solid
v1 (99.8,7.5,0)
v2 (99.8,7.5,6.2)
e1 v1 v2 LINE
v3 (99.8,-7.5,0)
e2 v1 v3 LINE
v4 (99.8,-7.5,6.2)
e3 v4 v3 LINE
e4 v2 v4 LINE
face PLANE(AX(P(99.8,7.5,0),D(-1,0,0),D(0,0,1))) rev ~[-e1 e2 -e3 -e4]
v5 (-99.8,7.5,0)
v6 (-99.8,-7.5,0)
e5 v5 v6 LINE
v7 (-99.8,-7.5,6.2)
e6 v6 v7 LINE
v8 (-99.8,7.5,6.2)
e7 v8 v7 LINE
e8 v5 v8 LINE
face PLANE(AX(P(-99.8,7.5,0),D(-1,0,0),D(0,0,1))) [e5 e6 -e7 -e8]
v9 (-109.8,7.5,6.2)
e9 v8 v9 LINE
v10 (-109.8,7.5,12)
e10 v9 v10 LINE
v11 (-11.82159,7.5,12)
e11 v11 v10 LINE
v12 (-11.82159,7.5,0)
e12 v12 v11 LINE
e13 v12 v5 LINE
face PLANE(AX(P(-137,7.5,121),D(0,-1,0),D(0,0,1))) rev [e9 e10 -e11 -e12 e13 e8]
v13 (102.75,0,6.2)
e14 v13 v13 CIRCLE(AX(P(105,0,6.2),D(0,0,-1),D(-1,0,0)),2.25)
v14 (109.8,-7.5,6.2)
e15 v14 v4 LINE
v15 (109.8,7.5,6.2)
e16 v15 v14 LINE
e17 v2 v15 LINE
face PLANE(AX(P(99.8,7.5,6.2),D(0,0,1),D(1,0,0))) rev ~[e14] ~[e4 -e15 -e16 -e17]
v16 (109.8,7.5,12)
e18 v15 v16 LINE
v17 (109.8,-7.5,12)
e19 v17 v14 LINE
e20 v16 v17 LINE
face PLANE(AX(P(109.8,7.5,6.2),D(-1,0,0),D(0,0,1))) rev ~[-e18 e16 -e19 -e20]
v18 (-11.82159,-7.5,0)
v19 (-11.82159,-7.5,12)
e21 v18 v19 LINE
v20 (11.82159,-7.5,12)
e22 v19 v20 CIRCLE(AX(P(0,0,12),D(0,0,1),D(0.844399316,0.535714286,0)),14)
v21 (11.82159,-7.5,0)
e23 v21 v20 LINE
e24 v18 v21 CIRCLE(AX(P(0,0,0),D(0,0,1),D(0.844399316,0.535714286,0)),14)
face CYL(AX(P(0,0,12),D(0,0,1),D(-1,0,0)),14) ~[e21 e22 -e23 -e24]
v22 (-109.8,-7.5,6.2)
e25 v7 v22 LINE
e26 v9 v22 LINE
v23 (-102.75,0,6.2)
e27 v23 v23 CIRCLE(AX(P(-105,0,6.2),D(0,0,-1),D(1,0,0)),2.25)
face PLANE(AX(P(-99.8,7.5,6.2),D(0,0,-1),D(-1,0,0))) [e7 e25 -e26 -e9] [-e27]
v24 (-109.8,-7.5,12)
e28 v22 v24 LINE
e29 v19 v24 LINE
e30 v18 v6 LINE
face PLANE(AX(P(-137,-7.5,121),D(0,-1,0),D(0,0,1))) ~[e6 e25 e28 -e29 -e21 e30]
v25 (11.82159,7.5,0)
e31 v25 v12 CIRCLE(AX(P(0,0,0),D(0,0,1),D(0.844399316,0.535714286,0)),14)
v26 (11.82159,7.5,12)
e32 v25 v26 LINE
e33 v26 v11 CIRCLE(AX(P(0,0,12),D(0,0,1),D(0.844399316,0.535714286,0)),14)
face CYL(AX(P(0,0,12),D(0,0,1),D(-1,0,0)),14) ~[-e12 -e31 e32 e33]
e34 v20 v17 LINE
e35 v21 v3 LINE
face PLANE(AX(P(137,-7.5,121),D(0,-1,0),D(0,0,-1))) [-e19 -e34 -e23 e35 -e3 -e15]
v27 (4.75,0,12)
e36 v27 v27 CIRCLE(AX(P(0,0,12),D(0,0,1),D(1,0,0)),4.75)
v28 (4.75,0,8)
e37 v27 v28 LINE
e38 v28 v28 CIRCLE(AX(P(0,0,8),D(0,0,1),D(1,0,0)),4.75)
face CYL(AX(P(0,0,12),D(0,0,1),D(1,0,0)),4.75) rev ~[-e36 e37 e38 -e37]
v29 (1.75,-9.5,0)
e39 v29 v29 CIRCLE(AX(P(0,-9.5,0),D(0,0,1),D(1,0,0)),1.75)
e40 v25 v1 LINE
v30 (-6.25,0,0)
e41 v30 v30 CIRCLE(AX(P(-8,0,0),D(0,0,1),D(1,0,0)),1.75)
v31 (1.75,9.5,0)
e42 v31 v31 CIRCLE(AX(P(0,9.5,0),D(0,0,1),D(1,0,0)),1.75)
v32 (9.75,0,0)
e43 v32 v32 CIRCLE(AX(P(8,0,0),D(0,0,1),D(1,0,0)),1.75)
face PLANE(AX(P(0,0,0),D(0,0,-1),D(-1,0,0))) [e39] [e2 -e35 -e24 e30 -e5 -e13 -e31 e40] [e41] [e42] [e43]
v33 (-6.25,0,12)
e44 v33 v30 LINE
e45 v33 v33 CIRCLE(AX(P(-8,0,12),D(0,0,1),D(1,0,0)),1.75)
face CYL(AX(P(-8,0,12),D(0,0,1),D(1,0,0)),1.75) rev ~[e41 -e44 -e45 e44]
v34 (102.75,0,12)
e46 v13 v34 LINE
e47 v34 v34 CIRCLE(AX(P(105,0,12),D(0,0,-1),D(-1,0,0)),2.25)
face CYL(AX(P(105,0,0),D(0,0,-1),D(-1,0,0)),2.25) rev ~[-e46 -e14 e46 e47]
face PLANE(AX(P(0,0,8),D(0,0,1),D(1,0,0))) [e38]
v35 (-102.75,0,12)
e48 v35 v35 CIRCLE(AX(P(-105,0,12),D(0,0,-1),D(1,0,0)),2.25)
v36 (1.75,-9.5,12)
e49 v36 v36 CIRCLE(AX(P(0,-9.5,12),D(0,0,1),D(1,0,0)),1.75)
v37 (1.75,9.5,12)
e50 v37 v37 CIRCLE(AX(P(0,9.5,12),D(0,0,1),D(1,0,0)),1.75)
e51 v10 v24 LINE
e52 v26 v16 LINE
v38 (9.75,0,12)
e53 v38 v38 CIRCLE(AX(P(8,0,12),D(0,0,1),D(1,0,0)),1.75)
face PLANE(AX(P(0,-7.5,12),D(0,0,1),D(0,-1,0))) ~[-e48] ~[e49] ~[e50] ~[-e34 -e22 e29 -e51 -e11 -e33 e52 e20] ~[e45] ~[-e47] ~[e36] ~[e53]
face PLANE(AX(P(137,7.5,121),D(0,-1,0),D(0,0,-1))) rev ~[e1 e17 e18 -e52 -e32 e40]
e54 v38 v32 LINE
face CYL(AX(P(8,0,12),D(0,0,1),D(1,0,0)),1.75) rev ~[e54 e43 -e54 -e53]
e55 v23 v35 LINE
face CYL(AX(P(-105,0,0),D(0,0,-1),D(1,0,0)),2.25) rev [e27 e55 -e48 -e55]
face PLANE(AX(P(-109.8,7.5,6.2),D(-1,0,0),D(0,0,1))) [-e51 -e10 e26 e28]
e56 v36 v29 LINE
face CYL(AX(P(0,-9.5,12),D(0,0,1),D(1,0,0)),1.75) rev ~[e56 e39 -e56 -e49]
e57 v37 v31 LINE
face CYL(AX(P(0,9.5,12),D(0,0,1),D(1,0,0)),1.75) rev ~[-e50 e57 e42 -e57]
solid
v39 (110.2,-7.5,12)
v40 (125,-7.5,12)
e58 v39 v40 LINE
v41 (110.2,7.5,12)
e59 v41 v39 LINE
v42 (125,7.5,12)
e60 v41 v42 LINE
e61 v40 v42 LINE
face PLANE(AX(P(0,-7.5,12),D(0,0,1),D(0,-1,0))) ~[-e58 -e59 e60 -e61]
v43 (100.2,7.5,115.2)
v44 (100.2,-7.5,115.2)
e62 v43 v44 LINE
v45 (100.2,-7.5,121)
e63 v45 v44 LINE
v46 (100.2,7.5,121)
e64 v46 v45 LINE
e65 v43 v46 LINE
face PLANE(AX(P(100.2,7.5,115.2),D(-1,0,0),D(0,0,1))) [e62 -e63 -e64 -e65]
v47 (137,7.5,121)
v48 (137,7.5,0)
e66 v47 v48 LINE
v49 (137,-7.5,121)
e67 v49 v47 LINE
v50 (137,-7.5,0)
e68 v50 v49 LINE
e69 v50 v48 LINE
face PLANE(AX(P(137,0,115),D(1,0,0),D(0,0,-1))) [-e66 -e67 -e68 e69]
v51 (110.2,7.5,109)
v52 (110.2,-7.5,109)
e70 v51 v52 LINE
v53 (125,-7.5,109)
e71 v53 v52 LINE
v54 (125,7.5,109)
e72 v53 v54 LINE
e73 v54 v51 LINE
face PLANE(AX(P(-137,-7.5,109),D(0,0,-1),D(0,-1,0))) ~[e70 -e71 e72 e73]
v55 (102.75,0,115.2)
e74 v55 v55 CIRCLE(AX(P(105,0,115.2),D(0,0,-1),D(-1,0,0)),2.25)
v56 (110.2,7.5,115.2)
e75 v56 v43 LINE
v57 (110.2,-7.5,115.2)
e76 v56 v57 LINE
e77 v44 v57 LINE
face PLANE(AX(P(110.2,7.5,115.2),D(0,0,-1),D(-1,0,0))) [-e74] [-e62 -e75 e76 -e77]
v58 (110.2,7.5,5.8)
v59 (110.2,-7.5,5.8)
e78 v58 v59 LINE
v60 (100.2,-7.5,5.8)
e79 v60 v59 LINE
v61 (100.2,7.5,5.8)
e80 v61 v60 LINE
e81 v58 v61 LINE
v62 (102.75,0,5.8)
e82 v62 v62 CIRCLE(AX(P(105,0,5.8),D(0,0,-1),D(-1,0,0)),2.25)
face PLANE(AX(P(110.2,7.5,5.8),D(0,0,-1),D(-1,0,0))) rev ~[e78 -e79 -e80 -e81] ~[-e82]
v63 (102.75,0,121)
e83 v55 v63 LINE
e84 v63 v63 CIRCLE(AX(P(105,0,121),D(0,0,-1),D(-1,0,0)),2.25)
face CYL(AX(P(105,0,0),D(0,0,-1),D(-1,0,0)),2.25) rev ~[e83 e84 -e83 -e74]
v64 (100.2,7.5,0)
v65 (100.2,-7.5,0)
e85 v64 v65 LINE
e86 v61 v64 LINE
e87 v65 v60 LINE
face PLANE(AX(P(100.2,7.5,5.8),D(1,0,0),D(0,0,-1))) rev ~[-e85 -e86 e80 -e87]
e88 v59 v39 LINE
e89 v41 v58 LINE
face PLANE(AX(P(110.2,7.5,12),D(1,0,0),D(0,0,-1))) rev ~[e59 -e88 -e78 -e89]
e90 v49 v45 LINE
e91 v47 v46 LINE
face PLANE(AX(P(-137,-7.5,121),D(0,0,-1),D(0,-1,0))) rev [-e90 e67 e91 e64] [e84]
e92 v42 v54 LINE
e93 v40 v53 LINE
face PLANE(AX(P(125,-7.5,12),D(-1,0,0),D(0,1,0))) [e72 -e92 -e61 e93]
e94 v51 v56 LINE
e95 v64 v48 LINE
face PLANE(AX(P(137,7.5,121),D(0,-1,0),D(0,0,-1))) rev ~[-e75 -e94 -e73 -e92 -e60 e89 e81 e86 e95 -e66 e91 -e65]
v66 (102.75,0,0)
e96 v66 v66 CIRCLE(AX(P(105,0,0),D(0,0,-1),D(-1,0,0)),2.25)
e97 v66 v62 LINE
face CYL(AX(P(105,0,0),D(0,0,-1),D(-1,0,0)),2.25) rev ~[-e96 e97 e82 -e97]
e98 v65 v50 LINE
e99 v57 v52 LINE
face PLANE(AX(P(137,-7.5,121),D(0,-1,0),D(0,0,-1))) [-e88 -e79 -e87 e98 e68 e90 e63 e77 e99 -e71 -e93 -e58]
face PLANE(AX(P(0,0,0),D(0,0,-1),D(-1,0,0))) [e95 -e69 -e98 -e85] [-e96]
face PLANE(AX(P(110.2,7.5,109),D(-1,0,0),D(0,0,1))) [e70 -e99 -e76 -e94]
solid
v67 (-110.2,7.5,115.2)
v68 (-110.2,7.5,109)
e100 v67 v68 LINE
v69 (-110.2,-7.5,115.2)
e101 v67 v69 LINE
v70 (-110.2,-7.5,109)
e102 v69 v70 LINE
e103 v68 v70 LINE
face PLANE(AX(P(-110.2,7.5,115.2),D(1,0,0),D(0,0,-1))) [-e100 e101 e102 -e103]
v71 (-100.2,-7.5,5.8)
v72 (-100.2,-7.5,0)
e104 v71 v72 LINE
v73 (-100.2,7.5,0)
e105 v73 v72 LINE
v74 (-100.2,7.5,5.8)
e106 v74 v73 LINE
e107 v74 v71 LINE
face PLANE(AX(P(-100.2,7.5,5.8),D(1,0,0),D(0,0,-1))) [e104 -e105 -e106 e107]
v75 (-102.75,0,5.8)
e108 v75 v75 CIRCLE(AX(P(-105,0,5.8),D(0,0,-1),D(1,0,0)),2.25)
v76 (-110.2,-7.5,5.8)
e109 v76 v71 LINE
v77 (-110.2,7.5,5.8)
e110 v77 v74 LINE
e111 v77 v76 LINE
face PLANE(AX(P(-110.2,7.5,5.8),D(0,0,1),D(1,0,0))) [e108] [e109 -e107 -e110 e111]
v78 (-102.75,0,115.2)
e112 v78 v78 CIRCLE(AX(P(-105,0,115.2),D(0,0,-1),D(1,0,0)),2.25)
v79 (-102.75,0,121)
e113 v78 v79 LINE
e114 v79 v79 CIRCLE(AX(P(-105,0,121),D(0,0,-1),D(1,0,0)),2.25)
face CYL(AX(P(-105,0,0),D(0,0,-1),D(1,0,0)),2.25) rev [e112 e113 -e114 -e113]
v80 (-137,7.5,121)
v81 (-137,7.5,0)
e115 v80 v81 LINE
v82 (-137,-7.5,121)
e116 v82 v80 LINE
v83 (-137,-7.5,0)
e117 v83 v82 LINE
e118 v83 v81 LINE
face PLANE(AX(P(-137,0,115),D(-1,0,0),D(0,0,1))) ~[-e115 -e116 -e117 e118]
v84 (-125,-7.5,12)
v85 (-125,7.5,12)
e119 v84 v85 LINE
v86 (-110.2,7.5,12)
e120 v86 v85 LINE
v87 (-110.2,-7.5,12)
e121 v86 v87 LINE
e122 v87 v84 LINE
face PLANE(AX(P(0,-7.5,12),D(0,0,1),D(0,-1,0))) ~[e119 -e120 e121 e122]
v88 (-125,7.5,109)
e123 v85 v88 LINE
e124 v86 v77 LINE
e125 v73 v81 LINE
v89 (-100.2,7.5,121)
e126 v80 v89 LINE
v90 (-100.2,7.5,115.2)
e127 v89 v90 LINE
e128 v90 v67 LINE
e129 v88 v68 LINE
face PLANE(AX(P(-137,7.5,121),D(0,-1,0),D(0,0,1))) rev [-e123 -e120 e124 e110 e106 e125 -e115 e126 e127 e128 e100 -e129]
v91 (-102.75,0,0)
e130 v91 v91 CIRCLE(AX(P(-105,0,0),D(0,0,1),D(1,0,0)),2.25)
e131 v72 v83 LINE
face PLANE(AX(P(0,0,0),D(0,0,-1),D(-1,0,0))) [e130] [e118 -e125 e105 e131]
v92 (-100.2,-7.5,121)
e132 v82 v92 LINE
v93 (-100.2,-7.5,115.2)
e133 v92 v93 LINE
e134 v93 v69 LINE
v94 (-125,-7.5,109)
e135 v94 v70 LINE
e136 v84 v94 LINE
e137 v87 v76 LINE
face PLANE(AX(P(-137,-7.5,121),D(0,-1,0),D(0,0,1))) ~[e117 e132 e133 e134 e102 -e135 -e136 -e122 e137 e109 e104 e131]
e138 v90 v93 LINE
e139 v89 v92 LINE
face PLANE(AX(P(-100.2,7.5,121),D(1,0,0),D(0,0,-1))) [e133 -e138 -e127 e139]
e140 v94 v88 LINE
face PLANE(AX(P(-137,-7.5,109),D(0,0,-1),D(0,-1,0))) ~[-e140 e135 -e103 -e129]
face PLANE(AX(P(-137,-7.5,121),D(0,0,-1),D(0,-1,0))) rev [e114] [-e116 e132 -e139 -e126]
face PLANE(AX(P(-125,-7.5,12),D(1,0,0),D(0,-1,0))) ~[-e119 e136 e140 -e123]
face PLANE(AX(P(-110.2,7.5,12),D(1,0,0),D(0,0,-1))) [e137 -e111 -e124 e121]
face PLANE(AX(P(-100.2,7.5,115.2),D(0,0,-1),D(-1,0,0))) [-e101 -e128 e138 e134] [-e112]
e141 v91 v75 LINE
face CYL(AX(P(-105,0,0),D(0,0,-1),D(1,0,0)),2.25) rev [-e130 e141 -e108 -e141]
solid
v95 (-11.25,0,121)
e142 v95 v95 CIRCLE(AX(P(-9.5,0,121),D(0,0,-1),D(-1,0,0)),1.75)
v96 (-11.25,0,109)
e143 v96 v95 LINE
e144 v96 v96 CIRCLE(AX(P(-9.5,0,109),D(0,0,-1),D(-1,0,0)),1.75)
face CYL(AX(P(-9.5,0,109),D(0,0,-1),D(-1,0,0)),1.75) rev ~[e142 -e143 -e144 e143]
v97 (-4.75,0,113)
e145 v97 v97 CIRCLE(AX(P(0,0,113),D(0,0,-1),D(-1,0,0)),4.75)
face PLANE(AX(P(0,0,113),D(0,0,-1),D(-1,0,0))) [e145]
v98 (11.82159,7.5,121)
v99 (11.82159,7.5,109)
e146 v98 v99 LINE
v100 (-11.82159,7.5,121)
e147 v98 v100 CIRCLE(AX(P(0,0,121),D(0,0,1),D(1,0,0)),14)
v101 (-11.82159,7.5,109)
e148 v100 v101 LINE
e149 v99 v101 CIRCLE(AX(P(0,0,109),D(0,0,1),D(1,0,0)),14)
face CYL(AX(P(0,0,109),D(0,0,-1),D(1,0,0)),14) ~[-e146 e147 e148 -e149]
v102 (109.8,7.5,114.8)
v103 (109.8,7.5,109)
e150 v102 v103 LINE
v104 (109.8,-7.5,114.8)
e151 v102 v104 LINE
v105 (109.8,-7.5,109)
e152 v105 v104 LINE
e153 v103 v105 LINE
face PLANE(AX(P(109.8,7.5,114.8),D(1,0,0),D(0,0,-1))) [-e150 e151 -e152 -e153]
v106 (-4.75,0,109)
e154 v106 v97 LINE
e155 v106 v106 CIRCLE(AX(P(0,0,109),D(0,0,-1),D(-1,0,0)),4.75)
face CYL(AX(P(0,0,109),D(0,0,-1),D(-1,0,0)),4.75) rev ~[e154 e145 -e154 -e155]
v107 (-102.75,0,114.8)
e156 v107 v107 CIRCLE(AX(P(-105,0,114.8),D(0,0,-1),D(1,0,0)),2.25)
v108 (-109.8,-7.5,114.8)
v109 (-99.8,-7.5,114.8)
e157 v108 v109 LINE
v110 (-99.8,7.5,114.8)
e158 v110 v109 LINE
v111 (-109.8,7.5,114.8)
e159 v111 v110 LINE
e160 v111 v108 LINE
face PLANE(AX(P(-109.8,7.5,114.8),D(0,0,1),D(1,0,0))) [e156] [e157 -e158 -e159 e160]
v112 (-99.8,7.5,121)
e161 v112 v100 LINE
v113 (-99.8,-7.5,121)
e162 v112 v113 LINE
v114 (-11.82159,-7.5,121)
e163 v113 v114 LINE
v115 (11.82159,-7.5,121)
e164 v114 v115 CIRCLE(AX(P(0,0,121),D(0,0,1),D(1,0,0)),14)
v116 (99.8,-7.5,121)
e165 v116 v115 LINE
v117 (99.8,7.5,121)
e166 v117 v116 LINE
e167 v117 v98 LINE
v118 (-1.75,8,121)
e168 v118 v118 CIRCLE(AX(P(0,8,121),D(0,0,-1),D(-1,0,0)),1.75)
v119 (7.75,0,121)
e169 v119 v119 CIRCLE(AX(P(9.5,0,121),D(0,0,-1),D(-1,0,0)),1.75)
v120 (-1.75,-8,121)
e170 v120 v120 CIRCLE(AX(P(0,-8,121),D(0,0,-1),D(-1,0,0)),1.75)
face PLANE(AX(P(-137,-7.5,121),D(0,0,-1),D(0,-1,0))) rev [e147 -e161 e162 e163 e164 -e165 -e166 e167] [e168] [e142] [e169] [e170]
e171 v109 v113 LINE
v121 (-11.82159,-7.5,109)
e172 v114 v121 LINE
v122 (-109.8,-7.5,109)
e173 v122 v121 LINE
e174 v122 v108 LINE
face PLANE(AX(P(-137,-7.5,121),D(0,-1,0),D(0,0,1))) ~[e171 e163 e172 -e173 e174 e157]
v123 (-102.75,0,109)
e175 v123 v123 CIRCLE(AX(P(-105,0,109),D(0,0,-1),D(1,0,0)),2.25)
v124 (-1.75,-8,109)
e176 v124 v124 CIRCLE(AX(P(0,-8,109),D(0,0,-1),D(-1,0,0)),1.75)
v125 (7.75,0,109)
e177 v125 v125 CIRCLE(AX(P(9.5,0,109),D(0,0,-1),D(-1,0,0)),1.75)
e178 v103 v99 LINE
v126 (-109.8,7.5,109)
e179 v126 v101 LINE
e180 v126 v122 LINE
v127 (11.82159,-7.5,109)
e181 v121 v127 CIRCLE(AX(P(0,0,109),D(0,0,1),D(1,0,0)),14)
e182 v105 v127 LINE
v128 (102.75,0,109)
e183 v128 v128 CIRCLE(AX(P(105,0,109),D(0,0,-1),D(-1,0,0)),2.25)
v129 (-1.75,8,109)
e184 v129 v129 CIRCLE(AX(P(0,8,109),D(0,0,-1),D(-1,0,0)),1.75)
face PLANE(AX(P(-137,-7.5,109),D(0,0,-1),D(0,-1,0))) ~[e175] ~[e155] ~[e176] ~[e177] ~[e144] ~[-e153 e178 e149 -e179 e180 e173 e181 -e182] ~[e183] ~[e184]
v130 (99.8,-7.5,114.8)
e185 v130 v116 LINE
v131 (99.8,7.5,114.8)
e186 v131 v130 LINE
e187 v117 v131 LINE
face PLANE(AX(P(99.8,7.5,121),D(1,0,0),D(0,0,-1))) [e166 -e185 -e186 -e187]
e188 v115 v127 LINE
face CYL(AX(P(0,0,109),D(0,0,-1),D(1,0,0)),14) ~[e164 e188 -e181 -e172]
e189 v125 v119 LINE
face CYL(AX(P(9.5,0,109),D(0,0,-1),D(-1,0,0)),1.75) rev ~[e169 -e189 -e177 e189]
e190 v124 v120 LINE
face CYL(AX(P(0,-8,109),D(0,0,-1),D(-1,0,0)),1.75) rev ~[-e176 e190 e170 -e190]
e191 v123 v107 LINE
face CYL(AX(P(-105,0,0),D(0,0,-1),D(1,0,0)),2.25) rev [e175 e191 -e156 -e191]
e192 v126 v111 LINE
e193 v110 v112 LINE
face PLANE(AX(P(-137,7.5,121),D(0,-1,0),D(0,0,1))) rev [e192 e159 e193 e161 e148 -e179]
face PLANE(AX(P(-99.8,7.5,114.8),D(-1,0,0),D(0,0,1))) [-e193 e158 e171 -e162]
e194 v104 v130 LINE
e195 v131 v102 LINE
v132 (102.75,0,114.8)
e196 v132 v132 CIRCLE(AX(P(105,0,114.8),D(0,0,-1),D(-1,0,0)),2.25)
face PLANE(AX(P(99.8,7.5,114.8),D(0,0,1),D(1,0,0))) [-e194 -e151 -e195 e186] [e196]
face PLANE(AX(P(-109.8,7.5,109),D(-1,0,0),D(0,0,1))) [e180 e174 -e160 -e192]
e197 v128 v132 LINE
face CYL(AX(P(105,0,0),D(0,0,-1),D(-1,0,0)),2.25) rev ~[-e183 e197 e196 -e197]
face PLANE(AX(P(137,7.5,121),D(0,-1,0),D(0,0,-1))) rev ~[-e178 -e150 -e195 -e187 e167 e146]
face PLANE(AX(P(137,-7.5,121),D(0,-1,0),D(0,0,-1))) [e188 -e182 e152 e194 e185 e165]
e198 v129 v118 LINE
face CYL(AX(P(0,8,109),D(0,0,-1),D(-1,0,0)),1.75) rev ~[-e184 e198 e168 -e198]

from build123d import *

# Parameters (mm, degrees)
SKETCH2_R           = 14
BOSS_EXTRUDE1_DEPTH = 12
SKETCH10_W          = 12
SKETCH10_H          = 15
BOSS_EXTRUDE5_DEPTH = 137
SKETCH11_W          = 12
SKETCH11_H          = 15
BOSS_EXTRUDE6_DEPTH = 97
SKETCH12_W          = 12
SKETCH12_H          = 15
BOSS_EXTRUDE7_DEPTH = 137
SKETCH13_R          = 14
BOSS_EXTRUDE8_DEPTH = 12
SKETCH4_R           = 4.75
CUT_EXTRUDE2_DEPTH  = 4
SKETCH3_R           = 1.75
CUT_EXTRUDE1_DEPTH  = 13
SKETCH14_R          = 4.75
CUT_EXTRUDE3_DEPTH  = 4
SKETCH15_R          = 1.75
CUT_EXTRUDE4_DEPTH  = 13
CUT_EXTRUDE5_DEPTH  = 22.5
SKETCH17_R          = 2.25
CUT_EXTRUDE6_DEPTH  = 122


with BuildPart() as part:
    # Sketch2 → Boss-Extrude1 (new body)
    with BuildSketch(Plane(origin=(0, 0, 12), x_dir=(-1, 0, 0), z_dir=(0, 0, -1))):
        Circle(SKETCH2_R)
    extrude(amount=BOSS_EXTRUDE1_DEPTH)

    # Sketch10 → Boss-Extrude5 (add)
    with BuildSketch(Plane(origin=(0, 0, 0), x_dir=(0, 0, -1), z_dir=(1, 0, 0))):
        with Locations((-6, 0)):
            Rectangle(SKETCH10_W, SKETCH10_H)
    boss_extrude5 = extrude(amount=BOSS_EXTRUDE5_DEPTH)

    # Sketch11 → Boss-Extrude6 (add)
    with BuildSketch(Plane.XY.offset(12)):
        with Locations((131, 0)):
            Rectangle(SKETCH11_W, SKETCH11_H)
    boss_extrude6 = extrude(amount=BOSS_EXTRUDE6_DEPTH)

    # Sketch12 → Boss-Extrude7 (add)
    with BuildSketch(Plane(origin=(137, 0, 0), x_dir=(0, 0, -1), z_dir=(1, 0, 0))):
        with Locations((-115, 0)):
            Rectangle(SKETCH12_W, SKETCH12_H)
    boss_extrude7 = extrude(amount=-BOSS_EXTRUDE7_DEPTH)

    # Sketch13 → Boss-Extrude8 (add)
    with BuildSketch(Plane.XY.offset(109)):
        Circle(SKETCH13_R)
    extrude(amount=BOSS_EXTRUDE8_DEPTH)

    # Mirror6: Boss-Extrude5, Boss-Extrude6, Boss-Extrude7 across plane
    add(boss_extrude5.mirror(Plane(origin=(0, 0, 0), x_dir=(0, 0, 1), z_dir=(1, 0, 0))))
    add(boss_extrude6.mirror(Plane(origin=(0, 0, 0), x_dir=(0, 0, 1), z_dir=(1, 0, 0))))
    add(boss_extrude7.mirror(Plane(origin=(0, 0, 0), x_dir=(0, 0, 1), z_dir=(1, 0, 0))))

    # Sketch4 → Cut-Extrude2 (cut)
    with BuildSketch(Plane.XY.offset(12)):
        Circle(SKETCH4_R)
    extrude(amount=-CUT_EXTRUDE2_DEPTH, mode=Mode.SUBTRACT)

    # Sketch3 → Cut-Extrude1 (cut, through all)
    with BuildSketch(Plane.XY.offset(12)):
        with Locations((8, 0)):
            Circle(SKETCH3_R)
        with Locations((0, -9.5)):
            Circle(SKETCH3_R)
        with Locations((-8, 0)):
            Circle(SKETCH3_R)
        with Locations((0, 9.5)):
            Circle(SKETCH3_R)
    extrude(amount=-CUT_EXTRUDE1_DEPTH, mode=Mode.SUBTRACT)

    # Sketch14 → Cut-Extrude3 (cut)
    with BuildSketch(Plane(origin=(0, 0, 109), x_dir=(-1, 0, 0), z_dir=(0, 0, -1))):
        Circle(SKETCH14_R)
    extrude(amount=-CUT_EXTRUDE3_DEPTH, mode=Mode.SUBTRACT)

    # Sketch15 → Cut-Extrude4 (cut, through all)
    with BuildSketch(Plane(origin=(0, 0, 109), x_dir=(-1, 0, 0), z_dir=(0, 0, -1))):
        with Locations((-9.5, 0)):
            Circle(SKETCH15_R)
        with Locations((0, 8)):
            Circle(SKETCH15_R)
        with Locations((9.5, 0)):
            Circle(SKETCH15_R)
        with Locations((0, -8)):
            Circle(SKETCH15_R)
    extrude(amount=-CUT_EXTRUDE4_DEPTH, mode=Mode.SUBTRACT)

    # Sketch16 → Cut-Extrude5 (cut, through all)
    with BuildSketch(Plane(origin=(0, 7.5, 0), x_dir=(1, 0, 0), z_dir=(0, 1, 0))):
        Polygon((99.8, 0), (99.8, -6.2), (109.8, -6.2), (109.8, -12), (110.2, -12), (110.2, -5.8), (100.2, -5.8), (100.2, 0), align=None)
        Polygon((109.8, -109), (110.2, -109), (110.2, -115.2), (100.2, -115.2), (100.2, -121), (99.8, -121), (99.8, -114.8), (109.8, -114.8), align=None)
        Polygon((-99.8, -121), (-100.2, -121), (-100.2, -115.2), (-110.2, -115.2), (-110.2, -109), (-109.8, -109), (-109.8, -114.8), (-99.8, -114.8), align=None)
        Polygon((-109.8, -12), (-110.2, -12), (-110.2, -5.8), (-100.2, -5.8), (-100.2, 0), (-99.8, 0), (-99.8, -6.2), (-109.8, -6.2), align=None)
    extrude(amount=-CUT_EXTRUDE5_DEPTH, mode=Mode.SUBTRACT)

    # Sketch17 → Cut-Extrude6 (cut, through all)
    with BuildSketch(Plane(origin=(0, 0, 0), x_dir=(-1, 0, 0), z_dir=(0, 0, -1))):
        with Locations((-105, 0)):
            Circle(SKETCH17_R)
    cut_extrude6 = extrude(amount=-CUT_EXTRUDE6_DEPTH, mode=Mode.SUBTRACT)

    # Mirror7: Cut-Extrude6 across plane
    add(cut_extrude6.mirror(Plane(origin=(0, 0, 0), x_dir=(0, 0, 1), z_dir=(1, 0, 0))), mode=Mode.SUBTRACT)


solid = part.part
